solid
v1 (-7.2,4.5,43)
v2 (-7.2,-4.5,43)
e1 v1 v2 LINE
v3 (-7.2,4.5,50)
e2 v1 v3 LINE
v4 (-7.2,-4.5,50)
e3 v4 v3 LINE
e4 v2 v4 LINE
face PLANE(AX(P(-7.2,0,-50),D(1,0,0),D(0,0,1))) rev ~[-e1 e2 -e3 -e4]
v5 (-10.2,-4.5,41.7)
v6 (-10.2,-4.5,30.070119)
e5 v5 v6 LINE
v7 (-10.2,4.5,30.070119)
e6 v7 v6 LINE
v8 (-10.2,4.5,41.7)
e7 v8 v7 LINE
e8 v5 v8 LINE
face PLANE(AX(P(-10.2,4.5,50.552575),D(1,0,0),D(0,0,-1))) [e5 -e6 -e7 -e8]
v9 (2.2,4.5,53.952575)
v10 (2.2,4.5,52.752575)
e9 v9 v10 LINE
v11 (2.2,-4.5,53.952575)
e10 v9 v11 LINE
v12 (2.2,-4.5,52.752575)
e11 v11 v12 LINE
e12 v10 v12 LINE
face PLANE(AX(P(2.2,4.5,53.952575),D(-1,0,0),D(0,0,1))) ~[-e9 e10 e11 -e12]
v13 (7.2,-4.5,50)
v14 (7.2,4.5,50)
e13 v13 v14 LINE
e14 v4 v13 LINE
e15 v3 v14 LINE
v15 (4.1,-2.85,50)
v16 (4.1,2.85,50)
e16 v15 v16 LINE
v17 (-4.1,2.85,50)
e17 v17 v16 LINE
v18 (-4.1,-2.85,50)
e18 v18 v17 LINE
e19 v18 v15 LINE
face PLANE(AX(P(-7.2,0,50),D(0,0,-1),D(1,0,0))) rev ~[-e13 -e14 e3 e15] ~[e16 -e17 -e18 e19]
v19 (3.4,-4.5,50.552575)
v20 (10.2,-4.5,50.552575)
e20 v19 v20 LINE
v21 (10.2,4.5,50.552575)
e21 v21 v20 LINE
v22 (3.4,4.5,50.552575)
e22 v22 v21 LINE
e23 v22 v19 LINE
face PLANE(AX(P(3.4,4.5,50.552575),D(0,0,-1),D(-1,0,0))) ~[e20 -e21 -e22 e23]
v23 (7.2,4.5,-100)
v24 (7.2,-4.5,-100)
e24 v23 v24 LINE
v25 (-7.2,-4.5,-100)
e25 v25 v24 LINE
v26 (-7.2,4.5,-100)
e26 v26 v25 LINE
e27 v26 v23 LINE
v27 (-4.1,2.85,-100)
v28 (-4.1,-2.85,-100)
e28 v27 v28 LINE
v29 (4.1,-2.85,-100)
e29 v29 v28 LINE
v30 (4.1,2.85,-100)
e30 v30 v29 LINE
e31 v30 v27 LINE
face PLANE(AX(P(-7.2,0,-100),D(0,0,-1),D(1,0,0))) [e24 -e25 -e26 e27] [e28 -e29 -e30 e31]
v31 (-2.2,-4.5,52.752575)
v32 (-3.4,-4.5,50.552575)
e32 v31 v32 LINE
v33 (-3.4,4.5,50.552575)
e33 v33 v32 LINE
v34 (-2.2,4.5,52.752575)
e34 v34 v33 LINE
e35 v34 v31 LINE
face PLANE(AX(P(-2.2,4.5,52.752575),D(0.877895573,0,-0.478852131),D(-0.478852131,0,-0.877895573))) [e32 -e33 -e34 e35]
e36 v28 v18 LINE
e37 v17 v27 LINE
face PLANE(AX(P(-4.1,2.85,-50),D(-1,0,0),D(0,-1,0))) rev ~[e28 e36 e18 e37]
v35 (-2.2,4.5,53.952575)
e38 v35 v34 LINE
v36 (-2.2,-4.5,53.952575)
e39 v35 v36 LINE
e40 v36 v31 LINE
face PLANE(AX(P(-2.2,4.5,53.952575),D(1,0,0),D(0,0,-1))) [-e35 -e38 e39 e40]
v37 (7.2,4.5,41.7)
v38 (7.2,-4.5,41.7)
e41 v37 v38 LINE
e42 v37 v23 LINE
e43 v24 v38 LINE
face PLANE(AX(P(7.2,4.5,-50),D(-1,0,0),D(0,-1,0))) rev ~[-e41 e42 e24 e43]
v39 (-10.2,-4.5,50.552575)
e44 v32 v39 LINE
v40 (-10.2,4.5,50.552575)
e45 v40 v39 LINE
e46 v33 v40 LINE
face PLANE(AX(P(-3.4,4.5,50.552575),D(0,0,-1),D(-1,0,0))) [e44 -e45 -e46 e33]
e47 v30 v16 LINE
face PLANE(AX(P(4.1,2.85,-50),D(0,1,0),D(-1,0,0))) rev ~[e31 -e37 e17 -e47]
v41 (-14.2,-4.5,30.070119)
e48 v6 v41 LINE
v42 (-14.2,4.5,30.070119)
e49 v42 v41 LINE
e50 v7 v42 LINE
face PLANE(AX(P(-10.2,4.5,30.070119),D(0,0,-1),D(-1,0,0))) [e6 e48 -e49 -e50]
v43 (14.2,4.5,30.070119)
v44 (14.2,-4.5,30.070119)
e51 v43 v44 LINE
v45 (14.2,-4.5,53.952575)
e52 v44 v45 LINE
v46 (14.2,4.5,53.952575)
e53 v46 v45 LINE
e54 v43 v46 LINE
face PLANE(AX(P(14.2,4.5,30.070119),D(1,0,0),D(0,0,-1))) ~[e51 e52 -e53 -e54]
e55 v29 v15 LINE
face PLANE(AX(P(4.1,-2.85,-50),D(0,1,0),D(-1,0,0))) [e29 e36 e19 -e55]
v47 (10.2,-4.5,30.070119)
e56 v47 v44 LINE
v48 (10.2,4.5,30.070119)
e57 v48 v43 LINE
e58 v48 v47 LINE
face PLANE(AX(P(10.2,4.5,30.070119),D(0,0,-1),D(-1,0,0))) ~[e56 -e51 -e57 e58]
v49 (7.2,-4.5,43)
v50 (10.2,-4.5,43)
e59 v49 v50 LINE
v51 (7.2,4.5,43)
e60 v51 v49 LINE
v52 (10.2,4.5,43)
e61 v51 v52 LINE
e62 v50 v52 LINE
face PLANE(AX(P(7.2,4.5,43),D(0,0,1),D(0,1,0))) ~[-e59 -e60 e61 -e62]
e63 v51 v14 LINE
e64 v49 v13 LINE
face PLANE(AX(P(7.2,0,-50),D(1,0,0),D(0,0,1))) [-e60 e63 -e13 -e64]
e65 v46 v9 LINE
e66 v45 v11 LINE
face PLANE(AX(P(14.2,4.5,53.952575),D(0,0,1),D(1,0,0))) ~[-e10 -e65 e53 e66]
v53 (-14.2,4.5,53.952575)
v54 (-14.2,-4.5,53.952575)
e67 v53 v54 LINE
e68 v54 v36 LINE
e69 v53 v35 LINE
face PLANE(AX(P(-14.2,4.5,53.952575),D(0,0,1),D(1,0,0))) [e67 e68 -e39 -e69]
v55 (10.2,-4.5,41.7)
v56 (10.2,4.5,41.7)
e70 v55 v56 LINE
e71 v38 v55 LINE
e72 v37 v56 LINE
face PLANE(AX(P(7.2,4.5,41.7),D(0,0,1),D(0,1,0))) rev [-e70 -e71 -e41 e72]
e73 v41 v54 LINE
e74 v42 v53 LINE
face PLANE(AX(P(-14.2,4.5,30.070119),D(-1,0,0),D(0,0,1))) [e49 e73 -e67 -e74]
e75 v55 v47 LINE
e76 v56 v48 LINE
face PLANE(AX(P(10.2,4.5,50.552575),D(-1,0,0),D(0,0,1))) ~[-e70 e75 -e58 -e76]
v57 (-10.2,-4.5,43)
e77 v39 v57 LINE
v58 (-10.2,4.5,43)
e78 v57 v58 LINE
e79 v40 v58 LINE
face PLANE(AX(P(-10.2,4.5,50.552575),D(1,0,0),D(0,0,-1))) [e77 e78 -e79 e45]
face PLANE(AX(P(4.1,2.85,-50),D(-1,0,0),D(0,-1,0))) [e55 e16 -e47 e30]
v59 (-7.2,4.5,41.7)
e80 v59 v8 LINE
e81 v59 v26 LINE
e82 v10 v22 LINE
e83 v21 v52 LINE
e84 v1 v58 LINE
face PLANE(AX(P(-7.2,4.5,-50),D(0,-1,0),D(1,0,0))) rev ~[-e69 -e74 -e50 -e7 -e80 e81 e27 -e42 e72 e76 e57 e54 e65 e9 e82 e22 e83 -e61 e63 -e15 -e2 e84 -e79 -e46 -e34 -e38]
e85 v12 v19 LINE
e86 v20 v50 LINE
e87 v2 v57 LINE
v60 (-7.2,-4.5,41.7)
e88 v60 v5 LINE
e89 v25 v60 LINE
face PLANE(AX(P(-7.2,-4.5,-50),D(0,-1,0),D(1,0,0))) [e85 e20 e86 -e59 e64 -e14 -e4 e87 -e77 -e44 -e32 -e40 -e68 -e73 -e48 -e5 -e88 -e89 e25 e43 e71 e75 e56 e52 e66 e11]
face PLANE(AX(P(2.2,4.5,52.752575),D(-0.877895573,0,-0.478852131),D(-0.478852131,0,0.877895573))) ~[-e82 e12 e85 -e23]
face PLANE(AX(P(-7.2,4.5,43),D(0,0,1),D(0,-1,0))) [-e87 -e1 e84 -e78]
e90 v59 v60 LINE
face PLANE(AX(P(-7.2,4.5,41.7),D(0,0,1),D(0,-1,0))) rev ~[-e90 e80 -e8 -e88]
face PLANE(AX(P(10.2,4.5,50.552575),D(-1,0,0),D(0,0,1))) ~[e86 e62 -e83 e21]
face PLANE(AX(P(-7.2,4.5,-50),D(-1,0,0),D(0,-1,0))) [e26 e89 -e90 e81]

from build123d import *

# Parameters (mm, degrees)
F0_W     = 14.4
F0_H     = 100
F1_DEPTH = 4.5
F2_W     = 8.2
F2_H     = 5.7
F3_DEPTH = 100.001
F4_W     = 9
F4_H     = 1.3
F5_DEPTH = 6
F7_DEPTH = 9
F9_DEPTH = 50


with BuildPart() as f1:
    # F0 (on Front) → F1 (new body, symmetric)
    with BuildSketch(Plane.XZ):
        Rectangle(F0_W, F0_H)
    extrude(amount=F1_DEPTH, both=True)

    # F2 (on face) → F3 (cut, through all)
    with BuildSketch(Plane.XY.offset(50)):
        Rectangle(F2_W, F2_H)
    extrude(amount=-F3_DEPTH, mode=Mode.SUBTRACT)

    # F4 (on face) → F5 (join)
    with BuildSketch(Plane(origin=(-7.2, 0, 0), x_dir=(0, -1, 0), z_dir=(-1, 0, 0))):
        with Locations((0, 42.35)):
            Rectangle(F4_W, F4_H)
    extrude(amount=F5_DEPTH)

    # F6 (on face) → F7 (join)
    with BuildSketch(Plane(origin=(0, 4.5, 0), x_dir=(-1, 0, 0), z_dir=(0, 1, 0))):
        Polygon((10.2, 50.5525747299), (10.2, 30.0701190412), (14.2, 30.0701190412), (14.2, 53.9525747299), (10.2, 53.9525747299), align=None)
        Polygon((3.4, 50.5525747299), (10.2, 50.5525747299), (10.2, 53.9525747299), (3.4, 53.9525747299), (2.2, 53.9525747299), (2.2, 52.7525747299), align=None)
    extrude(amount=-F7_DEPTH)

    # F8: F1 across plane


with BuildPart() as f1_1:
    add(f1.part)
    add(f1.part.mirror(Plane.YZ))

    # F9 (add): a face of the model
    f9_faces = [f1_1.faces().sort_by_distance(p)[0] for p in [
        (-7.0301883396, 0, -50),
    ]]
    extrude(f9_faces, amount=F9_DEPTH)


solid = f1_1.part
